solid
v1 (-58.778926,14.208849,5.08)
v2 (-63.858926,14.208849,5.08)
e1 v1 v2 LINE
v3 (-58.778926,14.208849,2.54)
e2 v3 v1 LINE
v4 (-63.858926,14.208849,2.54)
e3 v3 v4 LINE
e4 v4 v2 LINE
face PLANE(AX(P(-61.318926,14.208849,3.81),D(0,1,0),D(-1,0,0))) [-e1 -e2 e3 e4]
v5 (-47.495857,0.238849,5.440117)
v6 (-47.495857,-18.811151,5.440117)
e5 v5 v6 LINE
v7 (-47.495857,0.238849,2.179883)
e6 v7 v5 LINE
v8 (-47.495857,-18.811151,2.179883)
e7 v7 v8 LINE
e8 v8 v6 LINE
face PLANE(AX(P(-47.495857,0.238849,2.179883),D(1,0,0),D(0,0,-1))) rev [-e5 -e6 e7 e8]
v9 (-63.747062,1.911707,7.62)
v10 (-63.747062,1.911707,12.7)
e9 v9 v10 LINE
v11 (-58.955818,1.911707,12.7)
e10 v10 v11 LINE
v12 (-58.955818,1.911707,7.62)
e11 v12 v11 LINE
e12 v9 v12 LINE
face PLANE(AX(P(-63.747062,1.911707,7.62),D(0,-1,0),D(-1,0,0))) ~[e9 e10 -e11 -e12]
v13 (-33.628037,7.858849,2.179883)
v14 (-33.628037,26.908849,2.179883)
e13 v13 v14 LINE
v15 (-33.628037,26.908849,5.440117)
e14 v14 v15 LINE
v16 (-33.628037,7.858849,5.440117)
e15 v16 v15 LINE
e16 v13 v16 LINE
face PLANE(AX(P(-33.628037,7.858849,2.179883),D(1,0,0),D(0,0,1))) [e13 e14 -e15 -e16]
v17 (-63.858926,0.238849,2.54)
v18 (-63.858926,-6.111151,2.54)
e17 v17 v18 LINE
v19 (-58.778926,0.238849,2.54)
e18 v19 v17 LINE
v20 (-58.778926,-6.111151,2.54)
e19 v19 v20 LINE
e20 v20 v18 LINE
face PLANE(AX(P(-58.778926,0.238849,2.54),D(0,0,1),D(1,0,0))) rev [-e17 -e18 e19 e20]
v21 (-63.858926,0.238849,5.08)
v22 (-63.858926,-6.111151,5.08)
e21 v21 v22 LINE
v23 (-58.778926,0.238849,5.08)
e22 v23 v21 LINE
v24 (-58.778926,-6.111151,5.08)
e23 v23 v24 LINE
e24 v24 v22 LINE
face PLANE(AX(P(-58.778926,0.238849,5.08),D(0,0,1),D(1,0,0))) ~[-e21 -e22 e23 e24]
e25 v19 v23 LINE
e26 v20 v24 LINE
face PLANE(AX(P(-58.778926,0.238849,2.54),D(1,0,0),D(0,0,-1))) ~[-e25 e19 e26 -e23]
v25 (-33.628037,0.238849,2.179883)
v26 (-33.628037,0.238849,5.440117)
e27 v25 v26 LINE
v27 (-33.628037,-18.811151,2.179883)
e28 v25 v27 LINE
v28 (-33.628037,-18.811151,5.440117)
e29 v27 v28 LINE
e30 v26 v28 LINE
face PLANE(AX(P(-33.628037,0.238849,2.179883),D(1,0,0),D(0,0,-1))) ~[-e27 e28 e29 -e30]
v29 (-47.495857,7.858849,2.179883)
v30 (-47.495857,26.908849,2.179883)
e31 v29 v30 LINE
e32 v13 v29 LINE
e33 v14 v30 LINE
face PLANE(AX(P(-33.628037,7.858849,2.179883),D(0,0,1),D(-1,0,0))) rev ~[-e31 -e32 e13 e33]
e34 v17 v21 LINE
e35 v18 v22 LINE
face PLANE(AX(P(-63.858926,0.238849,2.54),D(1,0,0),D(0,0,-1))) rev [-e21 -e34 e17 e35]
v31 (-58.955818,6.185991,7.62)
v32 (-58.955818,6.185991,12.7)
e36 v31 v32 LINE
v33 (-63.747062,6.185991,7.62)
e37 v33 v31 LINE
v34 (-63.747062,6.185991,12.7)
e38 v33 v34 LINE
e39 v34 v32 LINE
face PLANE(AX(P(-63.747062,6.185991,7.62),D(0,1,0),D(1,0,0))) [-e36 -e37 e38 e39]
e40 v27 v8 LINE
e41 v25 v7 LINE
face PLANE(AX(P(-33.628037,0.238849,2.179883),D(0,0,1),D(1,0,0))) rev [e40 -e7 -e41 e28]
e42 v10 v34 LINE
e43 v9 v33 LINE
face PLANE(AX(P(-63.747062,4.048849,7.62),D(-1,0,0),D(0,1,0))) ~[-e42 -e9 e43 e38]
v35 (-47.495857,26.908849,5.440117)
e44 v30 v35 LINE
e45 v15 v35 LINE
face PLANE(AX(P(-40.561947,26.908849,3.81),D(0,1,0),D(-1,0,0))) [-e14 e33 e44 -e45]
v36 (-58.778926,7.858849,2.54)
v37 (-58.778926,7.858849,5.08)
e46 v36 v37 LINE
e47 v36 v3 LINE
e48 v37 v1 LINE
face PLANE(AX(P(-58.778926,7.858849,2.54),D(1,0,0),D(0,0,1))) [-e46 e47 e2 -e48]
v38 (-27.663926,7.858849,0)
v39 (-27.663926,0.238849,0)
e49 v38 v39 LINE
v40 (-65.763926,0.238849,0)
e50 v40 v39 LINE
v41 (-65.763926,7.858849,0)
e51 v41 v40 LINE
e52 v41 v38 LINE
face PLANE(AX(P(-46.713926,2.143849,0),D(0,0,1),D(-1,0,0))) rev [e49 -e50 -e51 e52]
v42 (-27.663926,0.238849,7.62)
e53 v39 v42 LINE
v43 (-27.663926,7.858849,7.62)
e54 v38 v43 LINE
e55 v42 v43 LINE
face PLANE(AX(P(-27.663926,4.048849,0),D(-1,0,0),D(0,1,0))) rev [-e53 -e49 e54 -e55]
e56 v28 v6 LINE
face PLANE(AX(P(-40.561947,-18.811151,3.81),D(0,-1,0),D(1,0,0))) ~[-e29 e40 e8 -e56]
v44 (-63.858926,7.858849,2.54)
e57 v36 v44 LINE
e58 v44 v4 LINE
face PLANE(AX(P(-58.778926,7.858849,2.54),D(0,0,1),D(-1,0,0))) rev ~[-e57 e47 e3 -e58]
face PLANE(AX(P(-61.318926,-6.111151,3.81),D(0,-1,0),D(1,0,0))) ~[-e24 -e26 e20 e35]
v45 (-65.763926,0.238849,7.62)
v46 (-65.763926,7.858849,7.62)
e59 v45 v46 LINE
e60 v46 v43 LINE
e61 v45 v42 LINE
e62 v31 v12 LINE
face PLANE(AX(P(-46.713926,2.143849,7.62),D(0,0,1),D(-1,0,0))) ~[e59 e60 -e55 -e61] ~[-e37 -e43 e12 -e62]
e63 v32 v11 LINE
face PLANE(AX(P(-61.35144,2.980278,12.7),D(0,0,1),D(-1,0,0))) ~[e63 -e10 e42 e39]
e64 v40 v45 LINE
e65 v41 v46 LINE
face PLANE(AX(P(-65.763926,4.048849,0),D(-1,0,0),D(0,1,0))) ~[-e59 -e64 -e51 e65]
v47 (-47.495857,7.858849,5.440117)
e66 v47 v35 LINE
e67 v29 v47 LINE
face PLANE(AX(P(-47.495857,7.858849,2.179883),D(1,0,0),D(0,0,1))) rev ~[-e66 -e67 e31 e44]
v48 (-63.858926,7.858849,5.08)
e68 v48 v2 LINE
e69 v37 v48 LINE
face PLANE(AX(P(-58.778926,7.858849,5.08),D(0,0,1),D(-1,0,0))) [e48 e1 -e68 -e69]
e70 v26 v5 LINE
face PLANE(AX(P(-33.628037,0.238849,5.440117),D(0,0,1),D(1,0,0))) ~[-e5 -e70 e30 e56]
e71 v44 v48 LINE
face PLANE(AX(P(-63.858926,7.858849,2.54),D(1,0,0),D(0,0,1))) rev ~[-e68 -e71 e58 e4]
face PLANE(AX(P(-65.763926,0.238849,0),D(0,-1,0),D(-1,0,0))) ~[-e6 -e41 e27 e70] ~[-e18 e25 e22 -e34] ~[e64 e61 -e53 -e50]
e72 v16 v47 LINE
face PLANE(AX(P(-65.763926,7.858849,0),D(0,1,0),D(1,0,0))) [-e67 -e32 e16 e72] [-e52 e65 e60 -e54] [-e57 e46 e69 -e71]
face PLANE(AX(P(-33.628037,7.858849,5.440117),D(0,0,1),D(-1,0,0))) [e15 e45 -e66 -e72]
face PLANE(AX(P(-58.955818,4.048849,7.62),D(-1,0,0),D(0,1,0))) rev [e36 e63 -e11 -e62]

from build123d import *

# Parameters (mm, degrees)
F0_W     = 38.1
F0_H     = 3.81
F1_DEPTH = 7.62
F2_W     = 13.867821
F2_H     = 3.260234
F3_DEPTH = 19.05
F4_W     = 5.08
F4_H     = 2.54
F5_DEPTH = 6.35
F6_W     = 4.791245
F6_H     = 2.137142
F7_DEPTH = 5.08


with BuildPart() as f1:
    # F0 (on Top) → F1 (new body)
    with BuildSketch(Plane.XY):
        with Locations((-46.713926, 5.953849)):
            Rectangle(F0_W, F0_H)
    extrude(amount=F1_DEPTH)

    # F2 (on face) → F3 (join)
    with BuildSketch(Plane(origin=(0, 7.858849, 0), x_dir=(-1, 0, 0), z_dir=(0, 1, 0))):
        with Locations((40.561947, 3.81)):
            Rectangle(F2_W, F2_H)
    extrude(amount=F3_DEPTH)

    # F4 (on face) → F5 (join)
    with BuildSketch(Plane(origin=(0, 7.858849, 0), x_dir=(-1, 0, 0), z_dir=(0, 1, 0))):
        with Locations((61.318926, 3.81)):
            Rectangle(F4_W, F4_H)
    extrude(amount=F5_DEPTH)

    # F6 (on face) → F7 (join)
    with BuildSketch(Plane.XY.offset(7.62)):
        with Locations((-61.35144, 5.11742)):
            Rectangle(F6_W, F6_H)
    extrude(amount=F7_DEPTH)

    # F8: F1 across face


with BuildPart() as f1_1:
    add(f1.part)
    add(f1.part.mirror(Plane(origin=(-47.846159, 4.048849, 4.301182), x_dir=(1, 0, 0), z_dir=(0, -1, 0))))


solid = f1_1.part
